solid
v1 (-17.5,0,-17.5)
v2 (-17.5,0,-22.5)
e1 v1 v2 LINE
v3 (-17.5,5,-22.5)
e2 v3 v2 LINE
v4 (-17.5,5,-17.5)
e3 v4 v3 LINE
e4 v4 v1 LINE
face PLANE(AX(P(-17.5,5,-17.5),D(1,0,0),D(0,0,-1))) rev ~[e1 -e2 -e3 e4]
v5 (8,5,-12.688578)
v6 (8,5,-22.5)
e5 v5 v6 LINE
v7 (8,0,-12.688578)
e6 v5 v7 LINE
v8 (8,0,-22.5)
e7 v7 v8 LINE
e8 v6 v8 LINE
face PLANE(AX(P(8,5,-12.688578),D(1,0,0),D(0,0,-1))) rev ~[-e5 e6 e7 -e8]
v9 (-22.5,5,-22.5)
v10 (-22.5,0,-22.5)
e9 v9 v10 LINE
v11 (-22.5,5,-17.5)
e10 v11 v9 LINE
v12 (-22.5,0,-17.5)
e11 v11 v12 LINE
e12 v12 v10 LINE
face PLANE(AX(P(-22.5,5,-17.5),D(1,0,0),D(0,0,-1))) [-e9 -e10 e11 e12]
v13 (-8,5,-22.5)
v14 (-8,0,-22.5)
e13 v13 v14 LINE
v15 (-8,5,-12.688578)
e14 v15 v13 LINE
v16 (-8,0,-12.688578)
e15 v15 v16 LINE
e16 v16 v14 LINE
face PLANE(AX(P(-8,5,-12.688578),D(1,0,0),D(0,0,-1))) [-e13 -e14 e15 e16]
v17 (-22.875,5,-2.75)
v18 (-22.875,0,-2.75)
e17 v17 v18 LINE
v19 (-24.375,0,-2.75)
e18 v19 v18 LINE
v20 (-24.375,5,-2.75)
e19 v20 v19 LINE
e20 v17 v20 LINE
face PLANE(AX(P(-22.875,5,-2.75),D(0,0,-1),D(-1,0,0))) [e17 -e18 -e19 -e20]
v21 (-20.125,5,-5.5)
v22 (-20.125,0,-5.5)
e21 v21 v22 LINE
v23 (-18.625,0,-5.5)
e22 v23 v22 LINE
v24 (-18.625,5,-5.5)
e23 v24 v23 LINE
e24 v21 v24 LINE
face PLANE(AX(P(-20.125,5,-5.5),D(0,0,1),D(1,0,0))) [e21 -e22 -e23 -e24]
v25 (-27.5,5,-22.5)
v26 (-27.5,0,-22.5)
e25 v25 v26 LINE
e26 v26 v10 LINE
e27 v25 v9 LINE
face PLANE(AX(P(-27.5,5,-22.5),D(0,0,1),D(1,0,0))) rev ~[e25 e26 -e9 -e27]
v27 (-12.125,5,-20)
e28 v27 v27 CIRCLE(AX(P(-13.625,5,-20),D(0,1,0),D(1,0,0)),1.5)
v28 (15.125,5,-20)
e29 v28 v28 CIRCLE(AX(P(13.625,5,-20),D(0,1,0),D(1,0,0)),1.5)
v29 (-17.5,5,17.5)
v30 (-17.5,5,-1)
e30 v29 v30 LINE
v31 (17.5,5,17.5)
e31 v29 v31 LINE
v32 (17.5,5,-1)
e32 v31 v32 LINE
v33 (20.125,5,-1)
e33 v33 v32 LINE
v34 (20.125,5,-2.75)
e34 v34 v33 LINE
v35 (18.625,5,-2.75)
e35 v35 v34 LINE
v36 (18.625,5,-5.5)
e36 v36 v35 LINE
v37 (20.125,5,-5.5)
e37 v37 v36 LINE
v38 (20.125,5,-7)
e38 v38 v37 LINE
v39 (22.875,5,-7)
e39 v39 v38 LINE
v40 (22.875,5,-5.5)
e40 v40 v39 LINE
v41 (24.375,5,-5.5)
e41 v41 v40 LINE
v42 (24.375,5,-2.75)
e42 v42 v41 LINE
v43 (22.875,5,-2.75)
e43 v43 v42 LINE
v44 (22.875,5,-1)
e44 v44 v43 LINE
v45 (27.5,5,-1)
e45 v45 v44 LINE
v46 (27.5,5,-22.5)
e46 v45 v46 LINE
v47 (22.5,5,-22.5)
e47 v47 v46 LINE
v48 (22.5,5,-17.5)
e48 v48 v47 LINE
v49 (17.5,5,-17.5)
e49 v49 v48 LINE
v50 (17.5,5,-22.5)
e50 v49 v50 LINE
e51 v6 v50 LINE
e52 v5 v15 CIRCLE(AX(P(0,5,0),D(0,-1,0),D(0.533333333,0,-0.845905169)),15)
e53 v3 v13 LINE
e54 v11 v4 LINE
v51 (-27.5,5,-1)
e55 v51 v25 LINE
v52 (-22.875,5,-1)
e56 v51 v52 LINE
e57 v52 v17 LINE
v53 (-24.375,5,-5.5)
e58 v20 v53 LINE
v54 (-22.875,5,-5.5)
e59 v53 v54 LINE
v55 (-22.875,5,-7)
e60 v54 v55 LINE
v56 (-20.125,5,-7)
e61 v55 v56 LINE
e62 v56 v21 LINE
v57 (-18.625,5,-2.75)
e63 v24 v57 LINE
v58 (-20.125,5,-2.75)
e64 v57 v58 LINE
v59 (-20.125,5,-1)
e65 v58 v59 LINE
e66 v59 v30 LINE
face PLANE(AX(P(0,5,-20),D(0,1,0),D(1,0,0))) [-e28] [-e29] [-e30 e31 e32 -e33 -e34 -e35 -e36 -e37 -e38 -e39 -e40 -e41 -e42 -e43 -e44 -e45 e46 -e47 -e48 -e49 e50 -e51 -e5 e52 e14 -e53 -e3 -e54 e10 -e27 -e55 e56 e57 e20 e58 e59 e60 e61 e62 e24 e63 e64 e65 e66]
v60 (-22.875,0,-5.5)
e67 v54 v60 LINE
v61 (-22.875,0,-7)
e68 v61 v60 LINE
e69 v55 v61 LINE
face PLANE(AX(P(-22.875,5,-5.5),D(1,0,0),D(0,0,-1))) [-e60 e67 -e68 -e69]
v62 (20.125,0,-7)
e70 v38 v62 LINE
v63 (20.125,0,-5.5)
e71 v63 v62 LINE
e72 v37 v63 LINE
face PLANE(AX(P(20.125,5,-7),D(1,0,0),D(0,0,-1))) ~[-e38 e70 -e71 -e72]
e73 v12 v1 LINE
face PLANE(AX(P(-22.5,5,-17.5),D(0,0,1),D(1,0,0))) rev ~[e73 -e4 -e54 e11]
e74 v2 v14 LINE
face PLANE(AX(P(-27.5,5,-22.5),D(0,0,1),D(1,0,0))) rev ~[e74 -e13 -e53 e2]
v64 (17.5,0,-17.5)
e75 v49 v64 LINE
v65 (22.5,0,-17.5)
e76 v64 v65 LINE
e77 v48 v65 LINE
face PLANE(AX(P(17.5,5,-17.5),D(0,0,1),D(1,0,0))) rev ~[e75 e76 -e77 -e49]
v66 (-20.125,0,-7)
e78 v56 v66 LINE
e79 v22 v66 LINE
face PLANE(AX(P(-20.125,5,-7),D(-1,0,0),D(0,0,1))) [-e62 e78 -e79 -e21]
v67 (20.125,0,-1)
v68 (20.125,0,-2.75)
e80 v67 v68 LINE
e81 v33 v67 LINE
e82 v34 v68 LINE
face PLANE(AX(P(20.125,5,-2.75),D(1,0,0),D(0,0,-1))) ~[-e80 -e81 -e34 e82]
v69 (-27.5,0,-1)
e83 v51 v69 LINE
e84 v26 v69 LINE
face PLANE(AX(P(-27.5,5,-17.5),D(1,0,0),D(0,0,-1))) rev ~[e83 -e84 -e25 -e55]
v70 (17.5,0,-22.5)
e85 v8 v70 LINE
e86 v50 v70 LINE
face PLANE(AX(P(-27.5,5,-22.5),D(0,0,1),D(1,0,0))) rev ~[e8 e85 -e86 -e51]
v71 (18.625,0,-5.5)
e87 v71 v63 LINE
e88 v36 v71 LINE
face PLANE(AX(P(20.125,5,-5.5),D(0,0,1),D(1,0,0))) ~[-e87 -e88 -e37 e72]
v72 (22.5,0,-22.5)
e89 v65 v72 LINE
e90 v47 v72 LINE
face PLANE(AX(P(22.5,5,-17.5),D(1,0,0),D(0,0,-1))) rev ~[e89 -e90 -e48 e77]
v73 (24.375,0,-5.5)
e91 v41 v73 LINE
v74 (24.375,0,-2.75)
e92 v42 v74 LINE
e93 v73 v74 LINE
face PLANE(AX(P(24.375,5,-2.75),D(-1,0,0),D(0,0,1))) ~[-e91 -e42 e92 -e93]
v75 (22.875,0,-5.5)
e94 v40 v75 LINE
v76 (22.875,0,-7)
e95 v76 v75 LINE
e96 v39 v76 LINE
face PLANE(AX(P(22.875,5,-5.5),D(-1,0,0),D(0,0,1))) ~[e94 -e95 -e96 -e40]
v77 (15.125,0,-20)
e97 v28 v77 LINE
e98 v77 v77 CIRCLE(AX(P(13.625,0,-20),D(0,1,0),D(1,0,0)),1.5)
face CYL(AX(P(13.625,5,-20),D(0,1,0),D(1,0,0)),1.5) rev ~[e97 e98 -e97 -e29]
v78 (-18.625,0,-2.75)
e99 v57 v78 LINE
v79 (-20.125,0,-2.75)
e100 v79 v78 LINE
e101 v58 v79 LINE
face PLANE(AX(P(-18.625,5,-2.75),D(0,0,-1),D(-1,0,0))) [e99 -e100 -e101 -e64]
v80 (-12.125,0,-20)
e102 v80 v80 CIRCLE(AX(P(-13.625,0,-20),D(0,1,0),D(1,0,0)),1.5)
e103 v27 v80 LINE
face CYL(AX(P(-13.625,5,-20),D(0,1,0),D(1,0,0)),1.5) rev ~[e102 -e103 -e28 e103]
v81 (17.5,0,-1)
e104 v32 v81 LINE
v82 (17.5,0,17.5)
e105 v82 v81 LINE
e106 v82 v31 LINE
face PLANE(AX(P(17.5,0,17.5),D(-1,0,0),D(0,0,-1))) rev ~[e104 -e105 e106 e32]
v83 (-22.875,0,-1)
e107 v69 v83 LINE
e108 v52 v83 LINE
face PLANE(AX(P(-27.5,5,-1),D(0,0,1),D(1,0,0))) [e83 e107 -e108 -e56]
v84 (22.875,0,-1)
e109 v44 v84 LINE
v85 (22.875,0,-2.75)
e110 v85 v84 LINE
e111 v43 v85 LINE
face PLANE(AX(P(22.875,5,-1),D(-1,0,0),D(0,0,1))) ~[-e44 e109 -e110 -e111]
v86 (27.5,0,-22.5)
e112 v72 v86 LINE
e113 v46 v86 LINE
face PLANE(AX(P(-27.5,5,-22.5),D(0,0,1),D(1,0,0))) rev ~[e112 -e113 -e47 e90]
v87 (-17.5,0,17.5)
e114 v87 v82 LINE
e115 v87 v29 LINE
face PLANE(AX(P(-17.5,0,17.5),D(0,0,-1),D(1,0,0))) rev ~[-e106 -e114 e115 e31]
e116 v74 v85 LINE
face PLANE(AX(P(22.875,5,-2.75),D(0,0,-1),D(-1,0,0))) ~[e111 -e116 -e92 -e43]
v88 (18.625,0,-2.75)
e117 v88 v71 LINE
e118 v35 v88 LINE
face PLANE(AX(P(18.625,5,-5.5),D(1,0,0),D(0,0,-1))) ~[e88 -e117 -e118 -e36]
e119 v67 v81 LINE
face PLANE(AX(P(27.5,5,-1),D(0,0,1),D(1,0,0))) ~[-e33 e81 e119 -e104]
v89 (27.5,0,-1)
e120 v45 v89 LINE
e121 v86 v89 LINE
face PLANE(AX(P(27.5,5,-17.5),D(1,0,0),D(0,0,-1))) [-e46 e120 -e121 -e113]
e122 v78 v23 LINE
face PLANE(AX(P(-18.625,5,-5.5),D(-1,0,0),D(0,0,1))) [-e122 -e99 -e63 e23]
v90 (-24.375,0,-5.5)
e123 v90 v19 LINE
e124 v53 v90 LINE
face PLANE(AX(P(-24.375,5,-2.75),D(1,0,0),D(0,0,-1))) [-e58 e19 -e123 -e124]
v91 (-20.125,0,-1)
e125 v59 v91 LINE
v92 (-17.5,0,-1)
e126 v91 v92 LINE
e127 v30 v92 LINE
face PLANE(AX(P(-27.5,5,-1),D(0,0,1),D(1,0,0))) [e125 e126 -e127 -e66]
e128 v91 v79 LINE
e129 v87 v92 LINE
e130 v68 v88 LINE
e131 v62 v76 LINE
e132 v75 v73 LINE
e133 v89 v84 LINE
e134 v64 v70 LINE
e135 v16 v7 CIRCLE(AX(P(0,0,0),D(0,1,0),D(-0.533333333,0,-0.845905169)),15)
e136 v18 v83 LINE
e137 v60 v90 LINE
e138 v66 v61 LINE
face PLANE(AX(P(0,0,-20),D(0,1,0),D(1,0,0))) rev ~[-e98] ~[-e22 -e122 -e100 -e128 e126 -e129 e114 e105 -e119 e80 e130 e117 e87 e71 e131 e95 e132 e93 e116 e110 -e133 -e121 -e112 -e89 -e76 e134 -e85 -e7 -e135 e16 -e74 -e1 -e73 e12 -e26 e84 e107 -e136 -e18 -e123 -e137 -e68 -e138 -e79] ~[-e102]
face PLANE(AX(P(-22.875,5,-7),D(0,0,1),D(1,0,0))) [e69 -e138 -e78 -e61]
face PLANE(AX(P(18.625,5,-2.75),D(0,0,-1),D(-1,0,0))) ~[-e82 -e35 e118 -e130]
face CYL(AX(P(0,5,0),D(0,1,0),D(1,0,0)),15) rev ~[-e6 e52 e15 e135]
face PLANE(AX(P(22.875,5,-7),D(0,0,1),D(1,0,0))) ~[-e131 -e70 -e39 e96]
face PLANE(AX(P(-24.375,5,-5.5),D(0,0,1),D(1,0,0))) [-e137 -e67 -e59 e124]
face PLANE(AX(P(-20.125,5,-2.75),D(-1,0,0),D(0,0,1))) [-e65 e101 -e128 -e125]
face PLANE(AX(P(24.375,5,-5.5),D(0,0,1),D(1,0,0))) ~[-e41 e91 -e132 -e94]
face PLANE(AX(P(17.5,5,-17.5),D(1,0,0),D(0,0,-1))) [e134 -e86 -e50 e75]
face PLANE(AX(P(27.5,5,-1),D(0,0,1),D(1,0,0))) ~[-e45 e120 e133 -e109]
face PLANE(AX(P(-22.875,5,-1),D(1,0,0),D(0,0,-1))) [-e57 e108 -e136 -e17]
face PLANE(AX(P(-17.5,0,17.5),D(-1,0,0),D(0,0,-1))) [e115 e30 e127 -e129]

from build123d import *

# Parameters (mm, degrees)
ESQUISSE1_W             = 35
ESQUISSE1_H             = 35
BOSS_EXTRU_1_DEPTH      = 5
ESQUISSE3_R             = 15
ENL_V_MAT_EXTRU_1_DEPTH = 5
ESQUISSE5_W             = 10
ESQUISSE5_H             = 16.5
BOSS_EXTRU_3_DEPTH      = 5
ENL_V_MAT_EXTRU_3_DEPTH = 10
ESQUISSE2_W             = 55
ESQUISSE2_H             = 5
BOSS_EXTRU_4_DEPTH      = 5
ESQUISSE8_W             = 16
ESQUISSE8_H             = 9.81142246
ENL_V_MAT_EXTRU_5_DEPTH = 5
ESQUISSE9_W             = 5
ESQUISSE9_H             = 5
ENL_V_MAT_EXTRU_6_DEPTH = 5
ESQUISSE10_R            = 1.5
ENL_V_MAT_EXTRU_7_DEPTH = 6


with BuildPart() as part:
    # Esquisse1 → Boss.-Extru.1 (new body)
    with BuildSketch(Plane(origin=(0, 0, 0), x_dir=(1, 0, 0), z_dir=(0, 1, 0))):
        Rectangle(ESQUISSE1_W, ESQUISSE1_H)
    extrude(amount=BOSS_EXTRU_1_DEPTH)

    # Esquisse3 → Enlèv. mat.-Extru.1 (cut)
    with BuildSketch(Plane(origin=(0, 5, 0), x_dir=(1, 0, 0), z_dir=(0, 1, 0))):
        Circle(ESQUISSE3_R)
    extrude(amount=-ENL_V_MAT_EXTRU_1_DEPTH, mode=Mode.SUBTRACT)

    # Esquisse5 → Boss.-Extru.3 (add)
    with BuildSketch(Plane(origin=(0, 5, 0), x_dir=(1, 0, 0), z_dir=(0, 1, 0))):
        with Locations((-22.5, 9.25)):
            Rectangle(ESQUISSE5_W, ESQUISSE5_H)
    boss_extru_3 = extrude(amount=-BOSS_EXTRU_3_DEPTH)

    # Symétrie1: Boss.-Extru.3 across plane
    add(boss_extru_3.mirror(Plane(origin=(0, 0, 0), x_dir=(0, 0, 1), z_dir=(1, 0, 0))))

    # Esquisse7 → Enlèv. mat.-Extru.3 (cut)
    with BuildSketch(Plane(origin=(0, 5, 0), x_dir=(1, 0, 0), z_dir=(0, 1, 0))):
        Polygon((-22.875, 1), (-22.875, 2.75), (-24.375, 2.75), (-24.375, 5.5), (-22.875, 5.5), (-22.875, 7), (-20.125, 7), (-20.125, 5.5), (-18.625, 5.5), (-18.625, 2.75), (-20.125, 2.75), (-20.125, 1), align=None)
    enl_v_mat_extru_3 = extrude(amount=-ENL_V_MAT_EXTRU_3_DEPTH, mode=Mode.SUBTRACT)

    # Symétrie2: Enlèv. mat.-Extru.3 across plane
    add(enl_v_mat_extru_3.mirror(Plane(origin=(0, 0, 0), x_dir=(0, 0, 1), z_dir=(1, 0, 0))), mode=Mode.SUBTRACT)

    # Esquisse2 → Boss.-Extru.4 (add)
    with BuildSketch(Plane(origin=(0, 5, 0), x_dir=(1, 0, 0), z_dir=(0, 1, 0))):
        with Locations((0, 20)):
            Rectangle(ESQUISSE2_W, ESQUISSE2_H)
    extrude(amount=-BOSS_EXTRU_4_DEPTH)

    # Esquisse8 → Enlèv. mat.-Extru.5 (cut)
    with BuildSketch(Plane(origin=(0, 5, 0), x_dir=(1, 0, 0), z_dir=(0, 1, 0))):
        with Locations((0, 17.59428877)):
            Rectangle(ESQUISSE8_W, ESQUISSE8_H)
    extrude(amount=-ENL_V_MAT_EXTRU_5_DEPTH, mode=Mode.SUBTRACT)

    # Esquisse9 → Enlèv. mat.-Extru.6 (cut)
    with BuildSketch(Plane(origin=(0, 5, 0), x_dir=(1, 0, 0), z_dir=(0, 1, 0))):
        with Locations((-20, 20)):
            Rectangle(ESQUISSE9_W, ESQUISSE9_H)
        with Locations((20, 20)):
            Rectangle(ESQUISSE9_W, ESQUISSE9_H)
    extrude(amount=-ENL_V_MAT_EXTRU_6_DEPTH, mode=Mode.SUBTRACT)

    # Esquisse10 → Enlèv. mat.-Extru.7 (cut, through all)
    with BuildSketch(Plane(origin=(0, 5, 0), x_dir=(1, 0, 0), z_dir=(0, 1, 0))):
        with Locations((-13.625, 20)):
            Circle(ESQUISSE10_R)
        with Locations((13.625, 20)):
            Circle(ESQUISSE10_R)
    extrude(amount=-ENL_V_MAT_EXTRU_7_DEPTH, mode=Mode.SUBTRACT)


solid = part.part
